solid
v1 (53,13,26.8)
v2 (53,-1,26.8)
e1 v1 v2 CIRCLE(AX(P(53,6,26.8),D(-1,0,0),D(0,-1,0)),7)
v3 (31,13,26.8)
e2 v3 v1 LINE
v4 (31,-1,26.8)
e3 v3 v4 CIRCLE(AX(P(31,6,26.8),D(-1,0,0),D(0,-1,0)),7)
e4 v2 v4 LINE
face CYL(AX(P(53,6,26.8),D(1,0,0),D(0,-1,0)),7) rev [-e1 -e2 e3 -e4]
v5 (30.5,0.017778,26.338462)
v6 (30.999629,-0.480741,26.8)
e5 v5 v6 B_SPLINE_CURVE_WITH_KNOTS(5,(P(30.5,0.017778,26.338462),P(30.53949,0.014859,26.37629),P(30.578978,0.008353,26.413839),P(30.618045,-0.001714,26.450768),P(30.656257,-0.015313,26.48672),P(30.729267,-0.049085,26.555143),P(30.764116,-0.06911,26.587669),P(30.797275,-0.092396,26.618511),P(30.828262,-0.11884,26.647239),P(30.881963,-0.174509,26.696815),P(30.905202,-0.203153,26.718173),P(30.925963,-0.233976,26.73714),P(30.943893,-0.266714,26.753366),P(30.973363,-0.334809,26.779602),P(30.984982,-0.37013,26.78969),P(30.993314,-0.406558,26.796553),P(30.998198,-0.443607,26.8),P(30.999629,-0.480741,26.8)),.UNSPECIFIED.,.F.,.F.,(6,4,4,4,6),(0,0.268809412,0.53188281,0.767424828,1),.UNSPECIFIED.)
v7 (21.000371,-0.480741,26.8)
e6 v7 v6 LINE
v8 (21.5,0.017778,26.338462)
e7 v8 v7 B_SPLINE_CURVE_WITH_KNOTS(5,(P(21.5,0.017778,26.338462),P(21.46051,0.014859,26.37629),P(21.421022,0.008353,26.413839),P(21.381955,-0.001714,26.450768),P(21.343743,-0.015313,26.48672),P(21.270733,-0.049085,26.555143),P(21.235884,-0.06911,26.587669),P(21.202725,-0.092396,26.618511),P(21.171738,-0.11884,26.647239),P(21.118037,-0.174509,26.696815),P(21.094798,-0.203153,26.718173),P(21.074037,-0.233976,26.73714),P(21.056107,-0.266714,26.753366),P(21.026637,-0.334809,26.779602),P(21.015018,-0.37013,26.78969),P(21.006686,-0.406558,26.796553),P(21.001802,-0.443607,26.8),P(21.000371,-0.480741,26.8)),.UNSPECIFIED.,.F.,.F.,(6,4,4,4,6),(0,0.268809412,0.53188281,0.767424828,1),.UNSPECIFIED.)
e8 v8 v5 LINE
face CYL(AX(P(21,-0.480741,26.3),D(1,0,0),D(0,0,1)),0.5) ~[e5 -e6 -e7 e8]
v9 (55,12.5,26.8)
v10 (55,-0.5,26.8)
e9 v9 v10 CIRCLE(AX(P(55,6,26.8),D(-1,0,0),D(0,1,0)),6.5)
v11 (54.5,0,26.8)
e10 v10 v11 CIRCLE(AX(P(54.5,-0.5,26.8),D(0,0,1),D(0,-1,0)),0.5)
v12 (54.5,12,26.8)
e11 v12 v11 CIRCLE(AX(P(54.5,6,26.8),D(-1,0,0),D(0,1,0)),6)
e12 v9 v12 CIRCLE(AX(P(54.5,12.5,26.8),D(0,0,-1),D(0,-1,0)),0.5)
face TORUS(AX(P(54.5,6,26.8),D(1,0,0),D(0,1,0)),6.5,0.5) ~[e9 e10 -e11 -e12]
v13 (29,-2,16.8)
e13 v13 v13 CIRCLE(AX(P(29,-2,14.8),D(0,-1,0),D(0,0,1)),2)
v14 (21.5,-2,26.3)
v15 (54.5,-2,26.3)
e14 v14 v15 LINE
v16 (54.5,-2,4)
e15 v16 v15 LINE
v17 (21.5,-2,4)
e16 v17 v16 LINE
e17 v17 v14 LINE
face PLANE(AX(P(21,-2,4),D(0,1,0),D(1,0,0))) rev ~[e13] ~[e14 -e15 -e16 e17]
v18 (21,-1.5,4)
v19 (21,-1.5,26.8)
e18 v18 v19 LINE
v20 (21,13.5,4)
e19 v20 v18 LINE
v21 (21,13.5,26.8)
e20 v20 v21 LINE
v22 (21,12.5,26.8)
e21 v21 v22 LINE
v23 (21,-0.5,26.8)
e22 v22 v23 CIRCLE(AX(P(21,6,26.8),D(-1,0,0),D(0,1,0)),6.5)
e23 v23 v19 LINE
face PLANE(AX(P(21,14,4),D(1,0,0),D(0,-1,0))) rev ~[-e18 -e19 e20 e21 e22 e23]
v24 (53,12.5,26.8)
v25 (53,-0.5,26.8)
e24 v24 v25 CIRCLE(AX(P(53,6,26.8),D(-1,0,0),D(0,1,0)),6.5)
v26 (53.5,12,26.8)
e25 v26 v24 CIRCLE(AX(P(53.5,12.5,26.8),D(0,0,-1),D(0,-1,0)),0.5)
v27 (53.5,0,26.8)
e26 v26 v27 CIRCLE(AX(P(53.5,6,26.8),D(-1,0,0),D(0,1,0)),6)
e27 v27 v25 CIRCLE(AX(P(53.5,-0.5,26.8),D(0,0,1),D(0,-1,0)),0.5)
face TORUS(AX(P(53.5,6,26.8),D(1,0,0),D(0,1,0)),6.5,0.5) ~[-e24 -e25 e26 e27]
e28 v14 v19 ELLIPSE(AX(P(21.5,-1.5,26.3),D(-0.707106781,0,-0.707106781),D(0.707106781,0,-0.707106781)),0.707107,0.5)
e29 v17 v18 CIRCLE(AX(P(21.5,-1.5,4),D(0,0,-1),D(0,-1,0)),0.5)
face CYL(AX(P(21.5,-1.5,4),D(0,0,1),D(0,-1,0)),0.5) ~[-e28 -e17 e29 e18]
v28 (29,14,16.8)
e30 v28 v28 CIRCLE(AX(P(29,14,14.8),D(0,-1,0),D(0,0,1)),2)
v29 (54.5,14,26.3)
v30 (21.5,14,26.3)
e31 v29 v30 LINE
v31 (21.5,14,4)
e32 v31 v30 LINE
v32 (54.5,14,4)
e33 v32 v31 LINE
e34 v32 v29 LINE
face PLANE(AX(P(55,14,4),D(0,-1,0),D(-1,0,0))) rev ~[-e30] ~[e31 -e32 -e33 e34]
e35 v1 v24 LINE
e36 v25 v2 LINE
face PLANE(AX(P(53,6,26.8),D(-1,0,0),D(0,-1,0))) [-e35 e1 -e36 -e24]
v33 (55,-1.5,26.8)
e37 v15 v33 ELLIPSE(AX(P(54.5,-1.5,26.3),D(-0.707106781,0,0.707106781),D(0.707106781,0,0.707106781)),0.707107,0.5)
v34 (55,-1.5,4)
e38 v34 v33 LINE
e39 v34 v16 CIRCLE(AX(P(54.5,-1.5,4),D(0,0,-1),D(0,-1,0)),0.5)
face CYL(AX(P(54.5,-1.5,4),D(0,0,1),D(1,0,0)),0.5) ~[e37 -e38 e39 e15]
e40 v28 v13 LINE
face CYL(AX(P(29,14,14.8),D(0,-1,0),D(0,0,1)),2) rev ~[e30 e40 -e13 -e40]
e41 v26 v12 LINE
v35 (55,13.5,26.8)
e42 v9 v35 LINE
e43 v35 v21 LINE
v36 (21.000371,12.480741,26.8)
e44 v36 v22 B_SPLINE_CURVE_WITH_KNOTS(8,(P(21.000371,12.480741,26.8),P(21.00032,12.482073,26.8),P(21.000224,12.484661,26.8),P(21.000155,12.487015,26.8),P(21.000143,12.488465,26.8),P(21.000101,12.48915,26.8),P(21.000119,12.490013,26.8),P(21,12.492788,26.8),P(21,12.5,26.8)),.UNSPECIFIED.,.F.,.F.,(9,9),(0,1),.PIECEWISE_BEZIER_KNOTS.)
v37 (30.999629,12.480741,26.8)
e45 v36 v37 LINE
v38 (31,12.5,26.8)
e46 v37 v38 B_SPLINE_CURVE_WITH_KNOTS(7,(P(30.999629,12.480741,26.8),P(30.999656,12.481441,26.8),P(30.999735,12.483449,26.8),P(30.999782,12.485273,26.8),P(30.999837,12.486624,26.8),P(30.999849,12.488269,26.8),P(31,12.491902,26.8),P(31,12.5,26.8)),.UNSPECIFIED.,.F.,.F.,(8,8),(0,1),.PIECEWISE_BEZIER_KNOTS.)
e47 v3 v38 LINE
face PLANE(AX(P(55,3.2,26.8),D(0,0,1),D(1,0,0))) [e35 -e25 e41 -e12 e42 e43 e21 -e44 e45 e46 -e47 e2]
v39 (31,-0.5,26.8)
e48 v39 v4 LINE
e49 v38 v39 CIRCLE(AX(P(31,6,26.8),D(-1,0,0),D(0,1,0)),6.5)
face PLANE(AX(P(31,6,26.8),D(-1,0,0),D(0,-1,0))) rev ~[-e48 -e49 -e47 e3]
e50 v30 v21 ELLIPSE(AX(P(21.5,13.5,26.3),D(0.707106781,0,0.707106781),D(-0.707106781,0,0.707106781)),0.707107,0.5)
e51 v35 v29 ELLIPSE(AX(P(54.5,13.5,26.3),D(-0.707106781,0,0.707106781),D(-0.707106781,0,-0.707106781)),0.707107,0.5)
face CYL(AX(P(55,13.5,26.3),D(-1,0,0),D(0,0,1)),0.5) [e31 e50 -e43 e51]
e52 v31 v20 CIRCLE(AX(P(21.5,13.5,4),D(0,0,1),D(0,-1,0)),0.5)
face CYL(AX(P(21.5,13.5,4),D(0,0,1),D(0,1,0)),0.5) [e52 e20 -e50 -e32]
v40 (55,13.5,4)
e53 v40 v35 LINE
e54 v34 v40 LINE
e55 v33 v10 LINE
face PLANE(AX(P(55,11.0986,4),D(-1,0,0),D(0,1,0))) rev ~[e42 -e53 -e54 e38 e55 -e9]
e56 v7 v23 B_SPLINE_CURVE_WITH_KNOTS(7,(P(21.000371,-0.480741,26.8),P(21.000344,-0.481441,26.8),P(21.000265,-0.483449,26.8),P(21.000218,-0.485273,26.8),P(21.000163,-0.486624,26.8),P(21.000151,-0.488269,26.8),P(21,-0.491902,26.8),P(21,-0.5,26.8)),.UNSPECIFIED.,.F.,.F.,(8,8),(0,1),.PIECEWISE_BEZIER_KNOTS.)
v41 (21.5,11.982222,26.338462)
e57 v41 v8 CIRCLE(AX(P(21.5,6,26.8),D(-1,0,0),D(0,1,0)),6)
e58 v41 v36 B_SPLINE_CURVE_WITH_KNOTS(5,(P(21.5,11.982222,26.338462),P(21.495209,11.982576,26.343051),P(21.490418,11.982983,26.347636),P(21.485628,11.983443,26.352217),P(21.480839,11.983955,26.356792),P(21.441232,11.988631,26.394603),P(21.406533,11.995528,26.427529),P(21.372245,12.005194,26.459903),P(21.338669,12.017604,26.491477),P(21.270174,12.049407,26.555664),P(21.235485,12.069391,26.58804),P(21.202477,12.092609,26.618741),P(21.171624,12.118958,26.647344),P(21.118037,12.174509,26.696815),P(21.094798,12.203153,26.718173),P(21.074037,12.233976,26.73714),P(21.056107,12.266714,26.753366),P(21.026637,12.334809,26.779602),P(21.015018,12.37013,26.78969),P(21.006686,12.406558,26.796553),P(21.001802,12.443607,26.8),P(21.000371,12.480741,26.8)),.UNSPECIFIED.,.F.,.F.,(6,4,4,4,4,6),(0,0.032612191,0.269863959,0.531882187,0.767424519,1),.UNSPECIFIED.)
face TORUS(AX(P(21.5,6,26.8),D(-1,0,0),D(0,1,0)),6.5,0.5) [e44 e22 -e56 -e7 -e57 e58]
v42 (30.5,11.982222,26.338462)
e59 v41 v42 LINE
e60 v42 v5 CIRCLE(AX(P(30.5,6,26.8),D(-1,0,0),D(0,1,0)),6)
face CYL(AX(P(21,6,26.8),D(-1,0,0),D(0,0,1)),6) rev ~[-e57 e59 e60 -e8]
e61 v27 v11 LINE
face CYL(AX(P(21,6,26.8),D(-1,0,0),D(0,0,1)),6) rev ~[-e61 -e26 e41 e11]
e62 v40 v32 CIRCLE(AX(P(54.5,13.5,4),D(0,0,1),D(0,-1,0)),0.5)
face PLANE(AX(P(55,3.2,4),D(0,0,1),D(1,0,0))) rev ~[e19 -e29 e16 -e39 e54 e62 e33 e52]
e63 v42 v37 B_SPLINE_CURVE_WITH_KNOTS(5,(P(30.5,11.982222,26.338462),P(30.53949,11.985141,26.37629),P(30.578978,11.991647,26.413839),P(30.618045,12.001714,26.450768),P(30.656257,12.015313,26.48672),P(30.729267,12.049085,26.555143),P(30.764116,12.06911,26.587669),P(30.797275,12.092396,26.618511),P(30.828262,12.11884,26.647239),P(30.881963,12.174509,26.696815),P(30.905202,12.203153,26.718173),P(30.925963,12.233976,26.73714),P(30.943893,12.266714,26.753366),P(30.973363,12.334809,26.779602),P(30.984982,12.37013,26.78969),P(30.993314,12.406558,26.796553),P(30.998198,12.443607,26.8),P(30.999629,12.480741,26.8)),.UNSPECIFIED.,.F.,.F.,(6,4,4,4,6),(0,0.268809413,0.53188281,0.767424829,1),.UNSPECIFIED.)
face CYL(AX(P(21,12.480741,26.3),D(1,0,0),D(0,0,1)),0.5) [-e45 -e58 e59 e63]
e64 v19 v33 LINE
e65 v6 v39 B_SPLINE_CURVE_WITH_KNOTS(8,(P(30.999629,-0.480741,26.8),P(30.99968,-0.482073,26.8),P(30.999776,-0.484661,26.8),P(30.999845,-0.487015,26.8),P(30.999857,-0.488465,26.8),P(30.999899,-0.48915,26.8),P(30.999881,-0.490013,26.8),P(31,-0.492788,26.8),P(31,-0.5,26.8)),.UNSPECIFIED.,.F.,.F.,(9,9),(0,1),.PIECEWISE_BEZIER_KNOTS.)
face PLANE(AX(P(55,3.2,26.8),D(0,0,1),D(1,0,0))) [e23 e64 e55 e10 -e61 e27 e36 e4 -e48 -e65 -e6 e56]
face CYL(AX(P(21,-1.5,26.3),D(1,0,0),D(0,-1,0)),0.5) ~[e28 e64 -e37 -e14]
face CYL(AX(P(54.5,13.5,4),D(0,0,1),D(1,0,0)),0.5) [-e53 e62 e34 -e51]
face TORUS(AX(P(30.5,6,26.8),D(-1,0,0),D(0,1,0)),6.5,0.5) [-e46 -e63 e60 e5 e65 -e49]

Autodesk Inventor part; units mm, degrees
ref_plane "YZ Plane" through (0, 0, 0) normal (1, 0, 0) x (0, 1, 0)
ref_plane "XZ Plane" through (0, 0, 0) normal (0, 1, 0) x (-1, 0, 0)
ref_plane "Work Plane1" through (55, -127.943, -12.5) normal (1, 0, 0) x (0, 0, -1)
ref_plane "Work Plane2" through (2, 0, 0) normal (1, 0, 0) x (0, 1, 0)
ref_plane "Work Plane8" through (55, 3.2, 4) normal (0, 0, 1) x (1, 0, 0)
sketch "SKbody" plane through (55, 3.2, 4) normal (0, 0, 1) x (1, 0, 0)
  line L0 (0, 10.8) -> (-34, 10.8)
  line L1 (-34, -5.2) -> (0, -5.2)
  line L2 (-34, 10.8) -> (-34, -5.2)
  line L3 (0, -5.2) -> (0, 10.8)
  line L4 (0, -2.2986) -> (0, 7.8986)
  point P0 (-13, 2.8)
  point P1 (0, 2.8)
  dimension "d19" = 34
  dimension "d20" = 13
extrude "EXbody" add sketch "SKbody" along normal blind 22.8
ref_plane "Work Plane6" through (21, -2, 4) normal (-1, 0, 0) x (0, 0, 1)
sketch "SKhole1" plane through (21, -2, 4) normal (-1, 0, 0) x (0, 0, 1)
  line L0 (22.8, 16) -> (22.8, 0)
  circle A0 centre (22.8, 8) radius 6
  point P0 (22.8, 2)
  point P1 (22.8, 14)
  dimension "d11" = 12
extrude "EXhole1" cut sketch "SKhole1" against normal through all contours L0 A0 picked at (20.93, 8.7092)
ref_plane "Work Plane5" through (55, 3.2, 26.8) normal (0, 0, 1) x (1, 0, 0)
sketch "SKplaneref" plane through (55, 3.2, 26.8) normal (0, 0, 1) x (1, 0, 0)
  line L0 (0, 8.8) -> (0, -3.2)
  line L1 (0, 2.8) -> (-2, 2.8)
  dimension "d15" = 2
ref_plane "Work Plane3" through (53, 6, 26.8) normal (-1, 0, 0) x (0, -1, 0)
sketch "SKhole2" plane through (53, 6, 26.8) normal (-1, 0, 0) x (0, -1, 0)
  arc A0 (-6, 0) -> (6, 0) centre (0, 0) ccw projected
  circle A1 centre (0, 0) radius 7
  point P0 (6, -26.8)
  dimension "d16" = 14
extrude "EXhole2" cut sketch "SKhole2" along normal blind 22
ref_plane "Work Plane7" through (21, 14, 4) normal (0, 1, 0) x (1, 0, 0)
sketch "SKziptiehole" plane through (21, 14, 4) normal (0, 1, 0) x (1, 0, 0)
  line L0 (34, -22.8) -> (0, -22.8)
  line L1 (0, 0) -> (0, -22.8)
  point P0 (8, -10.8)
  dimension "d42" = 12
  dimension "d43" = 8
hole "Hziptiehole" at (29, 14, 14.8) direction (0, -1, 0) diameter 4 end through all
fillet "Fillet1" radius 0.5 12 edges at (21, 14, 15.4) (38, 14, 26.8) (38, -2, 26.8) (21, -2, 15.4) (55, 14, 15.4) (55, -2, 15.4) (55, 6, 20.8) (21, 6, 20.8) (26, 0, 26.8) (26, 12, 26.8) (53, 6, 20.8) (31, 6, 20.8)
properties part number "thermoMETER_mount"
